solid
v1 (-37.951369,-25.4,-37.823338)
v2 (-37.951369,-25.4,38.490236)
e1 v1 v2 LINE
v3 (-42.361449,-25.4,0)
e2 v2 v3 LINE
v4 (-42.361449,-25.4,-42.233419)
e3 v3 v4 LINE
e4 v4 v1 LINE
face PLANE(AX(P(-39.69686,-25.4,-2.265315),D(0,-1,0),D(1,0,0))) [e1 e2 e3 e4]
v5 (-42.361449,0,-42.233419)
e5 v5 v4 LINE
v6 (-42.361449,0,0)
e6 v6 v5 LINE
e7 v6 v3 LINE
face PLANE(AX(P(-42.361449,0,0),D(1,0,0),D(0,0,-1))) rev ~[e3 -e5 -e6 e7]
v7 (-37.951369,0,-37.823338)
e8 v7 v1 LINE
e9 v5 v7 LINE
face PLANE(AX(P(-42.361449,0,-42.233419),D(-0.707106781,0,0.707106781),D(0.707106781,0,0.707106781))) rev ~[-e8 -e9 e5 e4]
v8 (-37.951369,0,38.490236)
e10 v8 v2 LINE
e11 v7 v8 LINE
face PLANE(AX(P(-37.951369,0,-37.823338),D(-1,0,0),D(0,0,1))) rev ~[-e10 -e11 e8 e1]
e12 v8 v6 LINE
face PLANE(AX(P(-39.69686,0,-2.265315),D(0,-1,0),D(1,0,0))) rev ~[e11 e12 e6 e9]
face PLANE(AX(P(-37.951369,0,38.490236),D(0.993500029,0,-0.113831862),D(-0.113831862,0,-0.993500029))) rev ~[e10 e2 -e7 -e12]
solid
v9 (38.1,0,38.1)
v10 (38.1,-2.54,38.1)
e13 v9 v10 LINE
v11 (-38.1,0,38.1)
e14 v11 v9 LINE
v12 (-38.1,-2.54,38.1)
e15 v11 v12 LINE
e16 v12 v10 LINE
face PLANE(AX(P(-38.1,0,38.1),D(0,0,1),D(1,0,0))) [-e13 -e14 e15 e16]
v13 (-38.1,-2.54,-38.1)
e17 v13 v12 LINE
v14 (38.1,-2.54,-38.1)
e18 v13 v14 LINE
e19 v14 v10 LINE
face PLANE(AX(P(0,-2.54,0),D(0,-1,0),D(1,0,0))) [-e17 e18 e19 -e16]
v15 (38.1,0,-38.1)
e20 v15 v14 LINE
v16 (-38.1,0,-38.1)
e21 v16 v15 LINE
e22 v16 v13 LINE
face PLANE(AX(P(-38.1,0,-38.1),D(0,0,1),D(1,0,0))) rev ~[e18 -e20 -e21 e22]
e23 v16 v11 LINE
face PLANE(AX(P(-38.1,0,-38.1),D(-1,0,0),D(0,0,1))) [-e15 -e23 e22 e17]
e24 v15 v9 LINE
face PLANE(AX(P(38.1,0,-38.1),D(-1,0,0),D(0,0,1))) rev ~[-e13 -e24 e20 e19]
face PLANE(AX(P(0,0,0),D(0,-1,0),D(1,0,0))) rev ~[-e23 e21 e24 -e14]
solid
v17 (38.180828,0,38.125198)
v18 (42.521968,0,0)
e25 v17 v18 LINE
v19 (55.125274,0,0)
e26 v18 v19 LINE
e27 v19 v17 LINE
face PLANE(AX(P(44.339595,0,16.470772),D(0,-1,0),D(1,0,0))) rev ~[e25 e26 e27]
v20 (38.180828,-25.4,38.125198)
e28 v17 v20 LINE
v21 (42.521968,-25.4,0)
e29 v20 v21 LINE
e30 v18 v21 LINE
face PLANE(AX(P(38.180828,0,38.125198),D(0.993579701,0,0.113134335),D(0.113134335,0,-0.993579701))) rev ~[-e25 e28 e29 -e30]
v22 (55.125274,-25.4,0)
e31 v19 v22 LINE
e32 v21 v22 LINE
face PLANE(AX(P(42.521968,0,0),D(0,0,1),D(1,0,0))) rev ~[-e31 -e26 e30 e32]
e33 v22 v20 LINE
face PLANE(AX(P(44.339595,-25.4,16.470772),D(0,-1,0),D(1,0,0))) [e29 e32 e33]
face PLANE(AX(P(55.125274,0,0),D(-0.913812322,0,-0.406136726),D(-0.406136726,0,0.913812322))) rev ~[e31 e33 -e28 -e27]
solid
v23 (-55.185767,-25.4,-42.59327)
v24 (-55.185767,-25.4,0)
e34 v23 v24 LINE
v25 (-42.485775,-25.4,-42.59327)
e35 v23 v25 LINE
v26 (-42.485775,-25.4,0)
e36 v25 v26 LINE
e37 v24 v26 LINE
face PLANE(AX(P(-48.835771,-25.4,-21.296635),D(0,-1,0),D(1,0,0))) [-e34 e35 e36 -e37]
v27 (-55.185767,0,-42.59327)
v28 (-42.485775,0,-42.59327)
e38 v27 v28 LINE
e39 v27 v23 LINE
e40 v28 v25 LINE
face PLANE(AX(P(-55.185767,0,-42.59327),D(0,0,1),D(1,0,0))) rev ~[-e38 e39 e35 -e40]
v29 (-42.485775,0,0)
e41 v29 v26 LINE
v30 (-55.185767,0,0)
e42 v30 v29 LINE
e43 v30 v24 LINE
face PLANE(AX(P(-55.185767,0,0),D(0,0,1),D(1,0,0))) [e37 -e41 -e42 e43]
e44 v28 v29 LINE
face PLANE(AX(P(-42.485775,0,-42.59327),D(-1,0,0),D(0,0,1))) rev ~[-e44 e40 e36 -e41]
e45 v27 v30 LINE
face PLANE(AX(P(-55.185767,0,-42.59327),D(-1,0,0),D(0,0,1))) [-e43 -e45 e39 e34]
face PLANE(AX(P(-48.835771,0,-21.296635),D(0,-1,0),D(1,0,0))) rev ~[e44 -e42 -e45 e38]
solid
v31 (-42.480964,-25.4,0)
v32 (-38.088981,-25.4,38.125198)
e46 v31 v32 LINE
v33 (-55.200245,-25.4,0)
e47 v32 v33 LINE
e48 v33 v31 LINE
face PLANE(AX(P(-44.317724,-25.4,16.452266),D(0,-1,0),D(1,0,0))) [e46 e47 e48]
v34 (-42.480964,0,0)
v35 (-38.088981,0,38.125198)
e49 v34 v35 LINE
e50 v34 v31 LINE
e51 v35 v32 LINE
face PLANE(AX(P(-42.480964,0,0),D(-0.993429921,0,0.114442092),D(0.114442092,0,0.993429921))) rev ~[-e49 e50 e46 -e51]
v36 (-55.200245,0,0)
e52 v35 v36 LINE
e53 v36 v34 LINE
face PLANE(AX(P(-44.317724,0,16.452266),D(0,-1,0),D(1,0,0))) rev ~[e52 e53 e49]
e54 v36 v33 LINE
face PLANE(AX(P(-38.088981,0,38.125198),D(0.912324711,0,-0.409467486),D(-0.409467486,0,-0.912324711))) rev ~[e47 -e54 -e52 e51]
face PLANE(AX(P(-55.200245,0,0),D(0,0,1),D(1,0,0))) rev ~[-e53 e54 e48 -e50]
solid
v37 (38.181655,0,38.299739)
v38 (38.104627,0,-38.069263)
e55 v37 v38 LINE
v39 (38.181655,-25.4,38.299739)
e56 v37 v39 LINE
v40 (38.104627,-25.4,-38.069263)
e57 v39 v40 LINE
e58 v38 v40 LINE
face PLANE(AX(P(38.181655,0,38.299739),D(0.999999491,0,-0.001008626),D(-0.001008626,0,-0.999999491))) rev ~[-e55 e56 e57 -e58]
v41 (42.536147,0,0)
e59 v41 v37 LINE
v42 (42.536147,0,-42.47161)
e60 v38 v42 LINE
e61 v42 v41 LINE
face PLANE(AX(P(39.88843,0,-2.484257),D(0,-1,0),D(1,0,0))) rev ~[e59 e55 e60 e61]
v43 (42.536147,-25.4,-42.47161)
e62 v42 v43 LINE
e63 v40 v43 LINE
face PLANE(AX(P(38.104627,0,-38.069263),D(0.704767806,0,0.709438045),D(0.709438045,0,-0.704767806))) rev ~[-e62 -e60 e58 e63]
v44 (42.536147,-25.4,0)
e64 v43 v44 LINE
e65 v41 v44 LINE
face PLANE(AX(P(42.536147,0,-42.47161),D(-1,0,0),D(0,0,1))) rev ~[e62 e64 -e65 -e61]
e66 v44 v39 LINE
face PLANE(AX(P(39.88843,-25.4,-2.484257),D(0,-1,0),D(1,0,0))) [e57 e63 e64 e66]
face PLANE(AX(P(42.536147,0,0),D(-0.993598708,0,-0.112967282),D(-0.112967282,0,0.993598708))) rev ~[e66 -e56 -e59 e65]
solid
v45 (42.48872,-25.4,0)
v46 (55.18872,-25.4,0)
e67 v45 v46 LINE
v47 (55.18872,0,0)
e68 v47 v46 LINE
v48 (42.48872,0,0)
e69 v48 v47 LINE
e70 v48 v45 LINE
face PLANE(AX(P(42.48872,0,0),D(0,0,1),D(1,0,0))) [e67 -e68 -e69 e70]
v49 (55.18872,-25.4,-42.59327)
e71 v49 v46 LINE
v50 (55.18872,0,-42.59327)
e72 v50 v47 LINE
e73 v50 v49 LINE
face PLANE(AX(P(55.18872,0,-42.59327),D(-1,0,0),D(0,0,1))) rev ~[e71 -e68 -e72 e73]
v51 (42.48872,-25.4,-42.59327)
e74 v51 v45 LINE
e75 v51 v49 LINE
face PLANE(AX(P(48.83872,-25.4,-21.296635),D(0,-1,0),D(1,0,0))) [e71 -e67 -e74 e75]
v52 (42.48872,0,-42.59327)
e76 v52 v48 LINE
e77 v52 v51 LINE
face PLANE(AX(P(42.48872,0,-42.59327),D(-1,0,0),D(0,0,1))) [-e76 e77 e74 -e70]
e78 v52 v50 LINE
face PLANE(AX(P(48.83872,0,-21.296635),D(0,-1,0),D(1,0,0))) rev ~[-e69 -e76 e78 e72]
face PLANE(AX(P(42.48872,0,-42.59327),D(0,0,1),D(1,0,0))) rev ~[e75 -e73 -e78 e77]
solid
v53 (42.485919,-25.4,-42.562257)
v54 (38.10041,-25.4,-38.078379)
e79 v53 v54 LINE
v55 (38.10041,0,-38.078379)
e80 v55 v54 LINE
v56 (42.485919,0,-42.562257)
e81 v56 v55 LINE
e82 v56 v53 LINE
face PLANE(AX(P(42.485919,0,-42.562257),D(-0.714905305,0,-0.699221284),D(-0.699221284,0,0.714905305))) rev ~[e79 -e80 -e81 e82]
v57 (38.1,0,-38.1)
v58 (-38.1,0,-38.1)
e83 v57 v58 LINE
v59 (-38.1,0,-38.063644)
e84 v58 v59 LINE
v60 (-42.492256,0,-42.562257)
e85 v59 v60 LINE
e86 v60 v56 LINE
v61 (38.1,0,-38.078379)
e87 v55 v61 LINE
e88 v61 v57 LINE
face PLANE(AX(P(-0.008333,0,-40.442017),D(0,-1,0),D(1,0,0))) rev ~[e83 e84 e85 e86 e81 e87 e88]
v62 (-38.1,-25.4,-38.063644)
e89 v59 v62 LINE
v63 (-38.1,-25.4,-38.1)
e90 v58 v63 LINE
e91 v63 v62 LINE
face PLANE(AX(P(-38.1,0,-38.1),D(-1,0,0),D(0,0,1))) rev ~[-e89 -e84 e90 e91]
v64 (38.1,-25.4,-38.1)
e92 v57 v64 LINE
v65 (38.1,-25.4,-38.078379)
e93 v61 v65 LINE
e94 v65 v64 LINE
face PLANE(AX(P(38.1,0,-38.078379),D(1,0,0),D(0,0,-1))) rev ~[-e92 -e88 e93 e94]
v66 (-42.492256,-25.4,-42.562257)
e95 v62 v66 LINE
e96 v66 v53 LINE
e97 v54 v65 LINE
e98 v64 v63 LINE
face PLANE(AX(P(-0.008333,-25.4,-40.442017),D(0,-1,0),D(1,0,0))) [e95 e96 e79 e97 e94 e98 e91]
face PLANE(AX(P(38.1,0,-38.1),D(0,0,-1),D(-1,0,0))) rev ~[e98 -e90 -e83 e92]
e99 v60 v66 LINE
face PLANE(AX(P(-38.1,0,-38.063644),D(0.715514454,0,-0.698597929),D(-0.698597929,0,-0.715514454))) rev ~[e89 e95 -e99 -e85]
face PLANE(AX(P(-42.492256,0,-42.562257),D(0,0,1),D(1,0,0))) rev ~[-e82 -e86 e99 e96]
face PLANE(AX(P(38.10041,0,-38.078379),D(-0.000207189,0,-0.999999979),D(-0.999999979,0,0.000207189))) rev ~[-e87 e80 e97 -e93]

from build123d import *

# Parameters (mm, degrees)
F6_DEPTH = 25.4
F1_W     = 12.6999916806
F1_H     = 42.59326994
F1_W_2   = 12.7
F0_W     = 76.2
F0_H     = 76.2
F7_DEPTH = 2.54


with BuildPart() as f6:
    # F5 (on Front) → F6 (new body)
    with BuildSketch(Plane.XZ):
        Polygon((-38.0889810622, 38.1251983345), (-55.2002452314, 0), (-42.4809642136, 0), align=None)
    extrude(amount=F6_DEPTH)


with BuildPart() as f6b:
    # F5 (on Front) → F6, piece 2 (new body)
    with BuildSketch(Plane.XZ):
        Polygon((42.5219684839, 0), (55.1252737641, 0), (38.1808280945, 38.1251983345), align=None)
    extrude(amount=F6_DEPTH)


with BuildPart() as f6c:
    # F3 (on Front) → F6, piece 3 (new body)
    with BuildSketch(Plane.XZ):
        Polygon((-37.9513688385, 38.4902358055), (-42.3614494503, 0), (-42.3614494503, -42.2334186733), (-37.9513688385, -37.8233380616), align=None)
    extrude(amount=F6_DEPTH)


with BuildPart() as f6d:
    # F1 (on Front) → F6, piece 4 (new body)
    with BuildSketch(Plane.XZ):
        with Locations((-48.8357709259, -21.29663497)):
            Rectangle(F1_W, F1_H)
    extrude(amount=F6_DEPTH)


with BuildPart() as f6e:
    # F1 (on Front) → F6, piece 5 (new body)
    with BuildSketch(Plane.XZ):
        with Locations((48.8387201501, -21.29663497)):
            Rectangle(F1_W_2, F1_H)
    extrude(amount=F6_DEPTH)


with BuildPart() as f6f:
    # F2 (on face) → F6, piece 6 (new body)
    with BuildSketch(Plane.XZ):
        Polygon((-38.1, -38.0636436107), (-42.4922555685, -42.5622574985), (42.4859188497, -42.5622574985), (38.1004102528, -38.078378886), (38.1, -38.078378801), (38.1, -38.1), (-38.1, -38.1), align=None)
    extrude(amount=F6_DEPTH)


with BuildPart() as f6g:
    # F4 (on Front) → F6, piece 7 (new body)
    with BuildSketch(Plane.XZ):
        Polygon((42.5361469388, 0), (38.1816551089, 38.2997393608), (38.1046272814, -38.0692631006), (42.5361469388, -42.4716100097), align=None)
    extrude(amount=F6_DEPTH)


with BuildPart() as f7:
    # F0 (on Front) → F7 (new body)
    with BuildSketch(Plane.XZ):
        Rectangle(F0_W, F0_H)
    extrude(amount=F7_DEPTH)


solid = Compound([f6.part, f6b.part, f6c.part, f6d.part, f6e.part, f6f.part, f6g.part, f7.part])
